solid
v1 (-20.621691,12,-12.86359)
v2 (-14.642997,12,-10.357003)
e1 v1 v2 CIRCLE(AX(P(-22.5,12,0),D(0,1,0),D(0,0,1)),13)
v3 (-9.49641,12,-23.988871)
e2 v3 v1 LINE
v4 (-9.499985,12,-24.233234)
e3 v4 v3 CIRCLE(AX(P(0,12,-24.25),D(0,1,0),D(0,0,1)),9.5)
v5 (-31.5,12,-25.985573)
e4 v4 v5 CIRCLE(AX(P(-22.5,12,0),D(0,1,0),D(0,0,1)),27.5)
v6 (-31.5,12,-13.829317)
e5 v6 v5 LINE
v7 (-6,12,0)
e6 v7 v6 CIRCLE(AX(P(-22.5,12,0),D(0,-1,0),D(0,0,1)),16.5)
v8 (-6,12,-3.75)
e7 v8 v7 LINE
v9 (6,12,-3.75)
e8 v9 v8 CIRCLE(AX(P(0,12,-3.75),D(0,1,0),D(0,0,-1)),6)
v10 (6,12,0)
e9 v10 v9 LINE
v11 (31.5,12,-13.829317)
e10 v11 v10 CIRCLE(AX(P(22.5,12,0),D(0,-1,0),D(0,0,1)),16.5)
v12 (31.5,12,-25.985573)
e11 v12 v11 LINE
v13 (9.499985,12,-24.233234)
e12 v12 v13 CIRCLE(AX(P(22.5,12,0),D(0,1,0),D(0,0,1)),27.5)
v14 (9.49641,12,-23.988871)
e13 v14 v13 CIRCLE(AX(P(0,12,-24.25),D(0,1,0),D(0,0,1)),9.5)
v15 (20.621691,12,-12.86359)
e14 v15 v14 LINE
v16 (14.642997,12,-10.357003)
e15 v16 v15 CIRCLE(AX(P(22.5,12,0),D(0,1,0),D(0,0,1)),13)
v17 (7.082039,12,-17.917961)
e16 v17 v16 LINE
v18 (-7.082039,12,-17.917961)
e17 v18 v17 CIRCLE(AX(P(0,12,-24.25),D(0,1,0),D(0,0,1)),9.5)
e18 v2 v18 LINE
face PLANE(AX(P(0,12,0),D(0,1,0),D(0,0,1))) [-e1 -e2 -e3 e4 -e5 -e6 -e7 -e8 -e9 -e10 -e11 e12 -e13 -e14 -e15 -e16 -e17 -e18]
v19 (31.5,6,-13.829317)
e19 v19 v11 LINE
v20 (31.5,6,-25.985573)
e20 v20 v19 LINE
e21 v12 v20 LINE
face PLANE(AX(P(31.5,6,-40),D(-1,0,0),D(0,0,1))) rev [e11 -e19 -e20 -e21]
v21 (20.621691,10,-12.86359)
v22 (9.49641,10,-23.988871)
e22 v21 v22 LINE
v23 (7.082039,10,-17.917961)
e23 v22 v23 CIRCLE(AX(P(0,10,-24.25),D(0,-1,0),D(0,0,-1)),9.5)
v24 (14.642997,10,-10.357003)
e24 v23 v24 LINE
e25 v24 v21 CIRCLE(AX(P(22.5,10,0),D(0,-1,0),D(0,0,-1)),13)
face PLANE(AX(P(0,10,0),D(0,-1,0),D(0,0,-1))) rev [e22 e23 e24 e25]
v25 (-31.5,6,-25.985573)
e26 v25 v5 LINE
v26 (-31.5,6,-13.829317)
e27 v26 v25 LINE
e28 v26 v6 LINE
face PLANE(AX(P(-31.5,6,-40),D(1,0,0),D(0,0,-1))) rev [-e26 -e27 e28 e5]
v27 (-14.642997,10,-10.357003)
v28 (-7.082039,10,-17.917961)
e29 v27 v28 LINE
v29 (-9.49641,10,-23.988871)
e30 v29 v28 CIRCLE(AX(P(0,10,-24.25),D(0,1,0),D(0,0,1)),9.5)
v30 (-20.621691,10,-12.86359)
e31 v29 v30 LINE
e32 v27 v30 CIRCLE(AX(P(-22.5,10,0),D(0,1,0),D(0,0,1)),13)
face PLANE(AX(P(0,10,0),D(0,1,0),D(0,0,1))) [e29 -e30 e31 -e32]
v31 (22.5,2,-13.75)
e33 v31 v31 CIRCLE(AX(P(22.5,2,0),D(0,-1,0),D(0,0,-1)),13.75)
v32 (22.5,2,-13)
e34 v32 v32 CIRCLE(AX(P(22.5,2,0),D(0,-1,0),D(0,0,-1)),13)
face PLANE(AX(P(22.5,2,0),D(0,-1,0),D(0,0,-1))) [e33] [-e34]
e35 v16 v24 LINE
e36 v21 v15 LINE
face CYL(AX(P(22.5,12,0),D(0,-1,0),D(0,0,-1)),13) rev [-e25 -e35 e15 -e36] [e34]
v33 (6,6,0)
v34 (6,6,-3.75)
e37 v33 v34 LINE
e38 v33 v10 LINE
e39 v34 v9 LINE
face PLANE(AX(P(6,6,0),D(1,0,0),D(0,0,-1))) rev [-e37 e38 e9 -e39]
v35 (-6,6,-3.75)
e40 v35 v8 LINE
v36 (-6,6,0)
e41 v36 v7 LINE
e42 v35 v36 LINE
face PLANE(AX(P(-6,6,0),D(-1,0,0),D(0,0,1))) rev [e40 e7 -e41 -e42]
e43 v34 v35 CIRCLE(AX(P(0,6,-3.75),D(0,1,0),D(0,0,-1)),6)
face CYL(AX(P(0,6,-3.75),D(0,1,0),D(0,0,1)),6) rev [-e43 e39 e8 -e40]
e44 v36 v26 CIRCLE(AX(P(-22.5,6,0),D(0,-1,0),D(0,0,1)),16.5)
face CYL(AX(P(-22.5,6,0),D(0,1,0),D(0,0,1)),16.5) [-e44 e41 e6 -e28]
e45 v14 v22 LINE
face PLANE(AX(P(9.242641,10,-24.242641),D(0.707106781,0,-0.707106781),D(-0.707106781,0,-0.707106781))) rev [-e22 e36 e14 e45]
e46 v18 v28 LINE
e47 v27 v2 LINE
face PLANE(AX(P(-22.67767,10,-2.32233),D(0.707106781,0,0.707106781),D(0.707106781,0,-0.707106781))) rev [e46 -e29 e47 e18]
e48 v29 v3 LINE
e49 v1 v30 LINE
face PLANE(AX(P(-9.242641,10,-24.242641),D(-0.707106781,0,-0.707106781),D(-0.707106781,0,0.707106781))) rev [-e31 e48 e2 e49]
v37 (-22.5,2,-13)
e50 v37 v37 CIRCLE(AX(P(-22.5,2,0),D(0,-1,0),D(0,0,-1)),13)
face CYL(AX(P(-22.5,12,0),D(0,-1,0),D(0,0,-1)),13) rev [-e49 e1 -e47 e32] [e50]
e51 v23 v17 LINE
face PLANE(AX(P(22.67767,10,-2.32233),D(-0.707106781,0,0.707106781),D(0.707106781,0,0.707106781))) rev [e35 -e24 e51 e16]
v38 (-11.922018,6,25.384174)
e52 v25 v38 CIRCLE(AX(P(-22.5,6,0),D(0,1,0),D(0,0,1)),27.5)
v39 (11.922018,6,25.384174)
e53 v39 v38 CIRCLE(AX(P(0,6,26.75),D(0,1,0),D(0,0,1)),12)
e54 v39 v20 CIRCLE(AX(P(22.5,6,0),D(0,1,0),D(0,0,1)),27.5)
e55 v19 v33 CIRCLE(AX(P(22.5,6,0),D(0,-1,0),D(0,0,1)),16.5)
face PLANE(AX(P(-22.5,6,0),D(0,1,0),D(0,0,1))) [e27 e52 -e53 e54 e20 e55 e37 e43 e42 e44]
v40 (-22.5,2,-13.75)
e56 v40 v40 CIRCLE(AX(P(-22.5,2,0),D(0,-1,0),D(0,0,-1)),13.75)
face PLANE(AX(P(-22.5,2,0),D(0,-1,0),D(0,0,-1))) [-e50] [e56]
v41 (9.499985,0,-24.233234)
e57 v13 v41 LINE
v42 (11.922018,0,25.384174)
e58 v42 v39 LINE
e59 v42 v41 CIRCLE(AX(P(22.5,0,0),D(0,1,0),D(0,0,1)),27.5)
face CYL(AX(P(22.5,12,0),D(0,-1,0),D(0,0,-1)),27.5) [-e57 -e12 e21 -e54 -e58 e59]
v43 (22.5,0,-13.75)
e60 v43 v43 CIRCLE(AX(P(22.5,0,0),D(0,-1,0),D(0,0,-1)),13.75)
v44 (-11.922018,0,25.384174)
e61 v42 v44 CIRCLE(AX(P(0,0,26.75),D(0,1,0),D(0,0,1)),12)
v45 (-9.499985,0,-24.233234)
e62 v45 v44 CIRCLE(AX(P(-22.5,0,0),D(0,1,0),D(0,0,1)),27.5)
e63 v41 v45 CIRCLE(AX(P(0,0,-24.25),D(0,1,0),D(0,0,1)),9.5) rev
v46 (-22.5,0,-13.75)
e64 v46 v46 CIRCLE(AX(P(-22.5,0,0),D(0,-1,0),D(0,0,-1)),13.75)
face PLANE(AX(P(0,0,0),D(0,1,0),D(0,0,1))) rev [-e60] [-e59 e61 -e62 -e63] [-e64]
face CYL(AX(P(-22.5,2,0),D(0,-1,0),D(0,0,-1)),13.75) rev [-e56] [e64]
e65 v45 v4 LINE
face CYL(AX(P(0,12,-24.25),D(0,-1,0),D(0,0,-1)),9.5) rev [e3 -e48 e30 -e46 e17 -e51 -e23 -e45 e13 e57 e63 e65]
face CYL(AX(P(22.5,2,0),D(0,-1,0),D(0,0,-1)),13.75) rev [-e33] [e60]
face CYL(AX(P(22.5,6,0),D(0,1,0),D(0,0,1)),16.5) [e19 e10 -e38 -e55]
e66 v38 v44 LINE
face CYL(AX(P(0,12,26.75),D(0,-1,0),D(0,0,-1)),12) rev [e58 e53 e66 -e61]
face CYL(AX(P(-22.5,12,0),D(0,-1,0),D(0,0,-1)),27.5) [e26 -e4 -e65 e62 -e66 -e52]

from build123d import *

# Parameters (mm, degrees)
EXTRUDE_1_DEPTH     = 12
SKETCH_2_R          = 9.5
SKETCH_2_R_2        = 12
CUT_EXTRUDE_1_DEPTH = 13
CUT_EXTRUDE_2_DEPTH = 6
SKETCH_4_R          = 13
CUT_EXTRUDE_3_DEPTH = 13
SKETCH_7_R          = 13.75
CUT_EXTRUDE_5_DEPTH = 2
CUT_EXTRUDE_6_DEPTH = 2


with BuildPart() as part:
    # Эскиз1 → Бобышка-Вытянуть1 (new body)
    with BuildSketch(Plane(origin=(0, 0, 0), x_dir=(1, 0, 0), z_dir=(0, 1, 0))):
        with BuildLine():
            ThreePointArc((0, -15.811388301), (50, 0), (0, 15.811388301))
            ThreePointArc((0, 15.811388301), (-50, 0), (0, -15.811388301))
        make_face()
    extrude(amount=EXTRUDE_1_DEPTH)

    # Эскиз2 → Вырез-Вытянуть1 (cut, through all)
    with BuildSketch(Plane(origin=(0, 0, 0), x_dir=(1, 0, 0), z_dir=(0, 1, 0))):
        with Locations((0, 24.25)):
            Circle(SKETCH_2_R)
        with Locations((0, -26.75)):
            Circle(SKETCH_2_R_2)
    extrude(amount=CUT_EXTRUDE_1_DEPTH, mode=Mode.SUBTRACT)

    # Эскиз3 → Вырез-Вытянуть2 (cut)
    with BuildSketch(Plane(origin=(0, 12, 0), x_dir=(1, 0, 0), z_dir=(0, 1, 0))):
        with BuildLine():
            Line((-6, 0), (-6, 3.75))
            ThreePointArc((-6, 3.75), (0, 9.75), (6, 3.75))
            Line((6, 3.75), (6, 0))
            ThreePointArc((6, 0), (30.366066361, -14.504309704), (31.5, 13.829316686))
            Line((31.5, 13.829316686), (31.5, 40))
            Line((31.5, 40), (71.5, 40))
            Line((71.5, 40), (71.5, -30))
            Line((71.5, -30), (-71.5, -30))
            Line((-71.5, -30), (-71.5, 40))
            Line((-71.5, 40), (-31.5, 40))
            Line((-31.5, 40), (-31.5, 13.829316686))
            ThreePointArc((-31.5, 13.829316686), (-30.366066361, -14.504309704), (-6, 0))
        make_face()
    extrude(amount=-CUT_EXTRUDE_2_DEPTH, mode=Mode.SUBTRACT)

    # Эскиз4 → Вырез-Вытянуть3 (cut, through all)
    with BuildSketch(Plane(origin=(0, 0, 0), x_dir=(1, 0, 0), z_dir=(0, 1, 0))):
        with Locations((-22.5, 0)):
            Circle(SKETCH_4_R)
        with Locations((22.5, 0)):
            Circle(SKETCH_4_R)
    extrude(amount=CUT_EXTRUDE_3_DEPTH, mode=Mode.SUBTRACT)

    # Эскиз7 → Вырез-Вытянуть5 (cut)
    with BuildSketch(Plane.XZ):
        with Locations((-22.5, 0)):
            Circle(SKETCH_7_R)
        with Locations((22.5, 0)):
            Circle(SKETCH_7_R)
    extrude(amount=-CUT_EXTRUDE_5_DEPTH, mode=Mode.SUBTRACT)

    # Эскиз8 → Вырез-Вытянуть6 (cut)
    with BuildSketch(Plane(origin=(0, 12, 0), x_dir=(1, 0, 0), z_dir=(0, 1, 0))):
        Polygon((-9.242640687, 24.242640687), (-26.920310217, 6.564971157), (-22.67766953, 2.32233047), (-5, 20), align=None)
        Polygon((9.242640687, 24.242640687), (26.920310217, 6.564971157), (22.67766953, 2.32233047), (5, 20), align=None)
    extrude(amount=-CUT_EXTRUDE_6_DEPTH, mode=Mode.SUBTRACT)


solid = part.part
